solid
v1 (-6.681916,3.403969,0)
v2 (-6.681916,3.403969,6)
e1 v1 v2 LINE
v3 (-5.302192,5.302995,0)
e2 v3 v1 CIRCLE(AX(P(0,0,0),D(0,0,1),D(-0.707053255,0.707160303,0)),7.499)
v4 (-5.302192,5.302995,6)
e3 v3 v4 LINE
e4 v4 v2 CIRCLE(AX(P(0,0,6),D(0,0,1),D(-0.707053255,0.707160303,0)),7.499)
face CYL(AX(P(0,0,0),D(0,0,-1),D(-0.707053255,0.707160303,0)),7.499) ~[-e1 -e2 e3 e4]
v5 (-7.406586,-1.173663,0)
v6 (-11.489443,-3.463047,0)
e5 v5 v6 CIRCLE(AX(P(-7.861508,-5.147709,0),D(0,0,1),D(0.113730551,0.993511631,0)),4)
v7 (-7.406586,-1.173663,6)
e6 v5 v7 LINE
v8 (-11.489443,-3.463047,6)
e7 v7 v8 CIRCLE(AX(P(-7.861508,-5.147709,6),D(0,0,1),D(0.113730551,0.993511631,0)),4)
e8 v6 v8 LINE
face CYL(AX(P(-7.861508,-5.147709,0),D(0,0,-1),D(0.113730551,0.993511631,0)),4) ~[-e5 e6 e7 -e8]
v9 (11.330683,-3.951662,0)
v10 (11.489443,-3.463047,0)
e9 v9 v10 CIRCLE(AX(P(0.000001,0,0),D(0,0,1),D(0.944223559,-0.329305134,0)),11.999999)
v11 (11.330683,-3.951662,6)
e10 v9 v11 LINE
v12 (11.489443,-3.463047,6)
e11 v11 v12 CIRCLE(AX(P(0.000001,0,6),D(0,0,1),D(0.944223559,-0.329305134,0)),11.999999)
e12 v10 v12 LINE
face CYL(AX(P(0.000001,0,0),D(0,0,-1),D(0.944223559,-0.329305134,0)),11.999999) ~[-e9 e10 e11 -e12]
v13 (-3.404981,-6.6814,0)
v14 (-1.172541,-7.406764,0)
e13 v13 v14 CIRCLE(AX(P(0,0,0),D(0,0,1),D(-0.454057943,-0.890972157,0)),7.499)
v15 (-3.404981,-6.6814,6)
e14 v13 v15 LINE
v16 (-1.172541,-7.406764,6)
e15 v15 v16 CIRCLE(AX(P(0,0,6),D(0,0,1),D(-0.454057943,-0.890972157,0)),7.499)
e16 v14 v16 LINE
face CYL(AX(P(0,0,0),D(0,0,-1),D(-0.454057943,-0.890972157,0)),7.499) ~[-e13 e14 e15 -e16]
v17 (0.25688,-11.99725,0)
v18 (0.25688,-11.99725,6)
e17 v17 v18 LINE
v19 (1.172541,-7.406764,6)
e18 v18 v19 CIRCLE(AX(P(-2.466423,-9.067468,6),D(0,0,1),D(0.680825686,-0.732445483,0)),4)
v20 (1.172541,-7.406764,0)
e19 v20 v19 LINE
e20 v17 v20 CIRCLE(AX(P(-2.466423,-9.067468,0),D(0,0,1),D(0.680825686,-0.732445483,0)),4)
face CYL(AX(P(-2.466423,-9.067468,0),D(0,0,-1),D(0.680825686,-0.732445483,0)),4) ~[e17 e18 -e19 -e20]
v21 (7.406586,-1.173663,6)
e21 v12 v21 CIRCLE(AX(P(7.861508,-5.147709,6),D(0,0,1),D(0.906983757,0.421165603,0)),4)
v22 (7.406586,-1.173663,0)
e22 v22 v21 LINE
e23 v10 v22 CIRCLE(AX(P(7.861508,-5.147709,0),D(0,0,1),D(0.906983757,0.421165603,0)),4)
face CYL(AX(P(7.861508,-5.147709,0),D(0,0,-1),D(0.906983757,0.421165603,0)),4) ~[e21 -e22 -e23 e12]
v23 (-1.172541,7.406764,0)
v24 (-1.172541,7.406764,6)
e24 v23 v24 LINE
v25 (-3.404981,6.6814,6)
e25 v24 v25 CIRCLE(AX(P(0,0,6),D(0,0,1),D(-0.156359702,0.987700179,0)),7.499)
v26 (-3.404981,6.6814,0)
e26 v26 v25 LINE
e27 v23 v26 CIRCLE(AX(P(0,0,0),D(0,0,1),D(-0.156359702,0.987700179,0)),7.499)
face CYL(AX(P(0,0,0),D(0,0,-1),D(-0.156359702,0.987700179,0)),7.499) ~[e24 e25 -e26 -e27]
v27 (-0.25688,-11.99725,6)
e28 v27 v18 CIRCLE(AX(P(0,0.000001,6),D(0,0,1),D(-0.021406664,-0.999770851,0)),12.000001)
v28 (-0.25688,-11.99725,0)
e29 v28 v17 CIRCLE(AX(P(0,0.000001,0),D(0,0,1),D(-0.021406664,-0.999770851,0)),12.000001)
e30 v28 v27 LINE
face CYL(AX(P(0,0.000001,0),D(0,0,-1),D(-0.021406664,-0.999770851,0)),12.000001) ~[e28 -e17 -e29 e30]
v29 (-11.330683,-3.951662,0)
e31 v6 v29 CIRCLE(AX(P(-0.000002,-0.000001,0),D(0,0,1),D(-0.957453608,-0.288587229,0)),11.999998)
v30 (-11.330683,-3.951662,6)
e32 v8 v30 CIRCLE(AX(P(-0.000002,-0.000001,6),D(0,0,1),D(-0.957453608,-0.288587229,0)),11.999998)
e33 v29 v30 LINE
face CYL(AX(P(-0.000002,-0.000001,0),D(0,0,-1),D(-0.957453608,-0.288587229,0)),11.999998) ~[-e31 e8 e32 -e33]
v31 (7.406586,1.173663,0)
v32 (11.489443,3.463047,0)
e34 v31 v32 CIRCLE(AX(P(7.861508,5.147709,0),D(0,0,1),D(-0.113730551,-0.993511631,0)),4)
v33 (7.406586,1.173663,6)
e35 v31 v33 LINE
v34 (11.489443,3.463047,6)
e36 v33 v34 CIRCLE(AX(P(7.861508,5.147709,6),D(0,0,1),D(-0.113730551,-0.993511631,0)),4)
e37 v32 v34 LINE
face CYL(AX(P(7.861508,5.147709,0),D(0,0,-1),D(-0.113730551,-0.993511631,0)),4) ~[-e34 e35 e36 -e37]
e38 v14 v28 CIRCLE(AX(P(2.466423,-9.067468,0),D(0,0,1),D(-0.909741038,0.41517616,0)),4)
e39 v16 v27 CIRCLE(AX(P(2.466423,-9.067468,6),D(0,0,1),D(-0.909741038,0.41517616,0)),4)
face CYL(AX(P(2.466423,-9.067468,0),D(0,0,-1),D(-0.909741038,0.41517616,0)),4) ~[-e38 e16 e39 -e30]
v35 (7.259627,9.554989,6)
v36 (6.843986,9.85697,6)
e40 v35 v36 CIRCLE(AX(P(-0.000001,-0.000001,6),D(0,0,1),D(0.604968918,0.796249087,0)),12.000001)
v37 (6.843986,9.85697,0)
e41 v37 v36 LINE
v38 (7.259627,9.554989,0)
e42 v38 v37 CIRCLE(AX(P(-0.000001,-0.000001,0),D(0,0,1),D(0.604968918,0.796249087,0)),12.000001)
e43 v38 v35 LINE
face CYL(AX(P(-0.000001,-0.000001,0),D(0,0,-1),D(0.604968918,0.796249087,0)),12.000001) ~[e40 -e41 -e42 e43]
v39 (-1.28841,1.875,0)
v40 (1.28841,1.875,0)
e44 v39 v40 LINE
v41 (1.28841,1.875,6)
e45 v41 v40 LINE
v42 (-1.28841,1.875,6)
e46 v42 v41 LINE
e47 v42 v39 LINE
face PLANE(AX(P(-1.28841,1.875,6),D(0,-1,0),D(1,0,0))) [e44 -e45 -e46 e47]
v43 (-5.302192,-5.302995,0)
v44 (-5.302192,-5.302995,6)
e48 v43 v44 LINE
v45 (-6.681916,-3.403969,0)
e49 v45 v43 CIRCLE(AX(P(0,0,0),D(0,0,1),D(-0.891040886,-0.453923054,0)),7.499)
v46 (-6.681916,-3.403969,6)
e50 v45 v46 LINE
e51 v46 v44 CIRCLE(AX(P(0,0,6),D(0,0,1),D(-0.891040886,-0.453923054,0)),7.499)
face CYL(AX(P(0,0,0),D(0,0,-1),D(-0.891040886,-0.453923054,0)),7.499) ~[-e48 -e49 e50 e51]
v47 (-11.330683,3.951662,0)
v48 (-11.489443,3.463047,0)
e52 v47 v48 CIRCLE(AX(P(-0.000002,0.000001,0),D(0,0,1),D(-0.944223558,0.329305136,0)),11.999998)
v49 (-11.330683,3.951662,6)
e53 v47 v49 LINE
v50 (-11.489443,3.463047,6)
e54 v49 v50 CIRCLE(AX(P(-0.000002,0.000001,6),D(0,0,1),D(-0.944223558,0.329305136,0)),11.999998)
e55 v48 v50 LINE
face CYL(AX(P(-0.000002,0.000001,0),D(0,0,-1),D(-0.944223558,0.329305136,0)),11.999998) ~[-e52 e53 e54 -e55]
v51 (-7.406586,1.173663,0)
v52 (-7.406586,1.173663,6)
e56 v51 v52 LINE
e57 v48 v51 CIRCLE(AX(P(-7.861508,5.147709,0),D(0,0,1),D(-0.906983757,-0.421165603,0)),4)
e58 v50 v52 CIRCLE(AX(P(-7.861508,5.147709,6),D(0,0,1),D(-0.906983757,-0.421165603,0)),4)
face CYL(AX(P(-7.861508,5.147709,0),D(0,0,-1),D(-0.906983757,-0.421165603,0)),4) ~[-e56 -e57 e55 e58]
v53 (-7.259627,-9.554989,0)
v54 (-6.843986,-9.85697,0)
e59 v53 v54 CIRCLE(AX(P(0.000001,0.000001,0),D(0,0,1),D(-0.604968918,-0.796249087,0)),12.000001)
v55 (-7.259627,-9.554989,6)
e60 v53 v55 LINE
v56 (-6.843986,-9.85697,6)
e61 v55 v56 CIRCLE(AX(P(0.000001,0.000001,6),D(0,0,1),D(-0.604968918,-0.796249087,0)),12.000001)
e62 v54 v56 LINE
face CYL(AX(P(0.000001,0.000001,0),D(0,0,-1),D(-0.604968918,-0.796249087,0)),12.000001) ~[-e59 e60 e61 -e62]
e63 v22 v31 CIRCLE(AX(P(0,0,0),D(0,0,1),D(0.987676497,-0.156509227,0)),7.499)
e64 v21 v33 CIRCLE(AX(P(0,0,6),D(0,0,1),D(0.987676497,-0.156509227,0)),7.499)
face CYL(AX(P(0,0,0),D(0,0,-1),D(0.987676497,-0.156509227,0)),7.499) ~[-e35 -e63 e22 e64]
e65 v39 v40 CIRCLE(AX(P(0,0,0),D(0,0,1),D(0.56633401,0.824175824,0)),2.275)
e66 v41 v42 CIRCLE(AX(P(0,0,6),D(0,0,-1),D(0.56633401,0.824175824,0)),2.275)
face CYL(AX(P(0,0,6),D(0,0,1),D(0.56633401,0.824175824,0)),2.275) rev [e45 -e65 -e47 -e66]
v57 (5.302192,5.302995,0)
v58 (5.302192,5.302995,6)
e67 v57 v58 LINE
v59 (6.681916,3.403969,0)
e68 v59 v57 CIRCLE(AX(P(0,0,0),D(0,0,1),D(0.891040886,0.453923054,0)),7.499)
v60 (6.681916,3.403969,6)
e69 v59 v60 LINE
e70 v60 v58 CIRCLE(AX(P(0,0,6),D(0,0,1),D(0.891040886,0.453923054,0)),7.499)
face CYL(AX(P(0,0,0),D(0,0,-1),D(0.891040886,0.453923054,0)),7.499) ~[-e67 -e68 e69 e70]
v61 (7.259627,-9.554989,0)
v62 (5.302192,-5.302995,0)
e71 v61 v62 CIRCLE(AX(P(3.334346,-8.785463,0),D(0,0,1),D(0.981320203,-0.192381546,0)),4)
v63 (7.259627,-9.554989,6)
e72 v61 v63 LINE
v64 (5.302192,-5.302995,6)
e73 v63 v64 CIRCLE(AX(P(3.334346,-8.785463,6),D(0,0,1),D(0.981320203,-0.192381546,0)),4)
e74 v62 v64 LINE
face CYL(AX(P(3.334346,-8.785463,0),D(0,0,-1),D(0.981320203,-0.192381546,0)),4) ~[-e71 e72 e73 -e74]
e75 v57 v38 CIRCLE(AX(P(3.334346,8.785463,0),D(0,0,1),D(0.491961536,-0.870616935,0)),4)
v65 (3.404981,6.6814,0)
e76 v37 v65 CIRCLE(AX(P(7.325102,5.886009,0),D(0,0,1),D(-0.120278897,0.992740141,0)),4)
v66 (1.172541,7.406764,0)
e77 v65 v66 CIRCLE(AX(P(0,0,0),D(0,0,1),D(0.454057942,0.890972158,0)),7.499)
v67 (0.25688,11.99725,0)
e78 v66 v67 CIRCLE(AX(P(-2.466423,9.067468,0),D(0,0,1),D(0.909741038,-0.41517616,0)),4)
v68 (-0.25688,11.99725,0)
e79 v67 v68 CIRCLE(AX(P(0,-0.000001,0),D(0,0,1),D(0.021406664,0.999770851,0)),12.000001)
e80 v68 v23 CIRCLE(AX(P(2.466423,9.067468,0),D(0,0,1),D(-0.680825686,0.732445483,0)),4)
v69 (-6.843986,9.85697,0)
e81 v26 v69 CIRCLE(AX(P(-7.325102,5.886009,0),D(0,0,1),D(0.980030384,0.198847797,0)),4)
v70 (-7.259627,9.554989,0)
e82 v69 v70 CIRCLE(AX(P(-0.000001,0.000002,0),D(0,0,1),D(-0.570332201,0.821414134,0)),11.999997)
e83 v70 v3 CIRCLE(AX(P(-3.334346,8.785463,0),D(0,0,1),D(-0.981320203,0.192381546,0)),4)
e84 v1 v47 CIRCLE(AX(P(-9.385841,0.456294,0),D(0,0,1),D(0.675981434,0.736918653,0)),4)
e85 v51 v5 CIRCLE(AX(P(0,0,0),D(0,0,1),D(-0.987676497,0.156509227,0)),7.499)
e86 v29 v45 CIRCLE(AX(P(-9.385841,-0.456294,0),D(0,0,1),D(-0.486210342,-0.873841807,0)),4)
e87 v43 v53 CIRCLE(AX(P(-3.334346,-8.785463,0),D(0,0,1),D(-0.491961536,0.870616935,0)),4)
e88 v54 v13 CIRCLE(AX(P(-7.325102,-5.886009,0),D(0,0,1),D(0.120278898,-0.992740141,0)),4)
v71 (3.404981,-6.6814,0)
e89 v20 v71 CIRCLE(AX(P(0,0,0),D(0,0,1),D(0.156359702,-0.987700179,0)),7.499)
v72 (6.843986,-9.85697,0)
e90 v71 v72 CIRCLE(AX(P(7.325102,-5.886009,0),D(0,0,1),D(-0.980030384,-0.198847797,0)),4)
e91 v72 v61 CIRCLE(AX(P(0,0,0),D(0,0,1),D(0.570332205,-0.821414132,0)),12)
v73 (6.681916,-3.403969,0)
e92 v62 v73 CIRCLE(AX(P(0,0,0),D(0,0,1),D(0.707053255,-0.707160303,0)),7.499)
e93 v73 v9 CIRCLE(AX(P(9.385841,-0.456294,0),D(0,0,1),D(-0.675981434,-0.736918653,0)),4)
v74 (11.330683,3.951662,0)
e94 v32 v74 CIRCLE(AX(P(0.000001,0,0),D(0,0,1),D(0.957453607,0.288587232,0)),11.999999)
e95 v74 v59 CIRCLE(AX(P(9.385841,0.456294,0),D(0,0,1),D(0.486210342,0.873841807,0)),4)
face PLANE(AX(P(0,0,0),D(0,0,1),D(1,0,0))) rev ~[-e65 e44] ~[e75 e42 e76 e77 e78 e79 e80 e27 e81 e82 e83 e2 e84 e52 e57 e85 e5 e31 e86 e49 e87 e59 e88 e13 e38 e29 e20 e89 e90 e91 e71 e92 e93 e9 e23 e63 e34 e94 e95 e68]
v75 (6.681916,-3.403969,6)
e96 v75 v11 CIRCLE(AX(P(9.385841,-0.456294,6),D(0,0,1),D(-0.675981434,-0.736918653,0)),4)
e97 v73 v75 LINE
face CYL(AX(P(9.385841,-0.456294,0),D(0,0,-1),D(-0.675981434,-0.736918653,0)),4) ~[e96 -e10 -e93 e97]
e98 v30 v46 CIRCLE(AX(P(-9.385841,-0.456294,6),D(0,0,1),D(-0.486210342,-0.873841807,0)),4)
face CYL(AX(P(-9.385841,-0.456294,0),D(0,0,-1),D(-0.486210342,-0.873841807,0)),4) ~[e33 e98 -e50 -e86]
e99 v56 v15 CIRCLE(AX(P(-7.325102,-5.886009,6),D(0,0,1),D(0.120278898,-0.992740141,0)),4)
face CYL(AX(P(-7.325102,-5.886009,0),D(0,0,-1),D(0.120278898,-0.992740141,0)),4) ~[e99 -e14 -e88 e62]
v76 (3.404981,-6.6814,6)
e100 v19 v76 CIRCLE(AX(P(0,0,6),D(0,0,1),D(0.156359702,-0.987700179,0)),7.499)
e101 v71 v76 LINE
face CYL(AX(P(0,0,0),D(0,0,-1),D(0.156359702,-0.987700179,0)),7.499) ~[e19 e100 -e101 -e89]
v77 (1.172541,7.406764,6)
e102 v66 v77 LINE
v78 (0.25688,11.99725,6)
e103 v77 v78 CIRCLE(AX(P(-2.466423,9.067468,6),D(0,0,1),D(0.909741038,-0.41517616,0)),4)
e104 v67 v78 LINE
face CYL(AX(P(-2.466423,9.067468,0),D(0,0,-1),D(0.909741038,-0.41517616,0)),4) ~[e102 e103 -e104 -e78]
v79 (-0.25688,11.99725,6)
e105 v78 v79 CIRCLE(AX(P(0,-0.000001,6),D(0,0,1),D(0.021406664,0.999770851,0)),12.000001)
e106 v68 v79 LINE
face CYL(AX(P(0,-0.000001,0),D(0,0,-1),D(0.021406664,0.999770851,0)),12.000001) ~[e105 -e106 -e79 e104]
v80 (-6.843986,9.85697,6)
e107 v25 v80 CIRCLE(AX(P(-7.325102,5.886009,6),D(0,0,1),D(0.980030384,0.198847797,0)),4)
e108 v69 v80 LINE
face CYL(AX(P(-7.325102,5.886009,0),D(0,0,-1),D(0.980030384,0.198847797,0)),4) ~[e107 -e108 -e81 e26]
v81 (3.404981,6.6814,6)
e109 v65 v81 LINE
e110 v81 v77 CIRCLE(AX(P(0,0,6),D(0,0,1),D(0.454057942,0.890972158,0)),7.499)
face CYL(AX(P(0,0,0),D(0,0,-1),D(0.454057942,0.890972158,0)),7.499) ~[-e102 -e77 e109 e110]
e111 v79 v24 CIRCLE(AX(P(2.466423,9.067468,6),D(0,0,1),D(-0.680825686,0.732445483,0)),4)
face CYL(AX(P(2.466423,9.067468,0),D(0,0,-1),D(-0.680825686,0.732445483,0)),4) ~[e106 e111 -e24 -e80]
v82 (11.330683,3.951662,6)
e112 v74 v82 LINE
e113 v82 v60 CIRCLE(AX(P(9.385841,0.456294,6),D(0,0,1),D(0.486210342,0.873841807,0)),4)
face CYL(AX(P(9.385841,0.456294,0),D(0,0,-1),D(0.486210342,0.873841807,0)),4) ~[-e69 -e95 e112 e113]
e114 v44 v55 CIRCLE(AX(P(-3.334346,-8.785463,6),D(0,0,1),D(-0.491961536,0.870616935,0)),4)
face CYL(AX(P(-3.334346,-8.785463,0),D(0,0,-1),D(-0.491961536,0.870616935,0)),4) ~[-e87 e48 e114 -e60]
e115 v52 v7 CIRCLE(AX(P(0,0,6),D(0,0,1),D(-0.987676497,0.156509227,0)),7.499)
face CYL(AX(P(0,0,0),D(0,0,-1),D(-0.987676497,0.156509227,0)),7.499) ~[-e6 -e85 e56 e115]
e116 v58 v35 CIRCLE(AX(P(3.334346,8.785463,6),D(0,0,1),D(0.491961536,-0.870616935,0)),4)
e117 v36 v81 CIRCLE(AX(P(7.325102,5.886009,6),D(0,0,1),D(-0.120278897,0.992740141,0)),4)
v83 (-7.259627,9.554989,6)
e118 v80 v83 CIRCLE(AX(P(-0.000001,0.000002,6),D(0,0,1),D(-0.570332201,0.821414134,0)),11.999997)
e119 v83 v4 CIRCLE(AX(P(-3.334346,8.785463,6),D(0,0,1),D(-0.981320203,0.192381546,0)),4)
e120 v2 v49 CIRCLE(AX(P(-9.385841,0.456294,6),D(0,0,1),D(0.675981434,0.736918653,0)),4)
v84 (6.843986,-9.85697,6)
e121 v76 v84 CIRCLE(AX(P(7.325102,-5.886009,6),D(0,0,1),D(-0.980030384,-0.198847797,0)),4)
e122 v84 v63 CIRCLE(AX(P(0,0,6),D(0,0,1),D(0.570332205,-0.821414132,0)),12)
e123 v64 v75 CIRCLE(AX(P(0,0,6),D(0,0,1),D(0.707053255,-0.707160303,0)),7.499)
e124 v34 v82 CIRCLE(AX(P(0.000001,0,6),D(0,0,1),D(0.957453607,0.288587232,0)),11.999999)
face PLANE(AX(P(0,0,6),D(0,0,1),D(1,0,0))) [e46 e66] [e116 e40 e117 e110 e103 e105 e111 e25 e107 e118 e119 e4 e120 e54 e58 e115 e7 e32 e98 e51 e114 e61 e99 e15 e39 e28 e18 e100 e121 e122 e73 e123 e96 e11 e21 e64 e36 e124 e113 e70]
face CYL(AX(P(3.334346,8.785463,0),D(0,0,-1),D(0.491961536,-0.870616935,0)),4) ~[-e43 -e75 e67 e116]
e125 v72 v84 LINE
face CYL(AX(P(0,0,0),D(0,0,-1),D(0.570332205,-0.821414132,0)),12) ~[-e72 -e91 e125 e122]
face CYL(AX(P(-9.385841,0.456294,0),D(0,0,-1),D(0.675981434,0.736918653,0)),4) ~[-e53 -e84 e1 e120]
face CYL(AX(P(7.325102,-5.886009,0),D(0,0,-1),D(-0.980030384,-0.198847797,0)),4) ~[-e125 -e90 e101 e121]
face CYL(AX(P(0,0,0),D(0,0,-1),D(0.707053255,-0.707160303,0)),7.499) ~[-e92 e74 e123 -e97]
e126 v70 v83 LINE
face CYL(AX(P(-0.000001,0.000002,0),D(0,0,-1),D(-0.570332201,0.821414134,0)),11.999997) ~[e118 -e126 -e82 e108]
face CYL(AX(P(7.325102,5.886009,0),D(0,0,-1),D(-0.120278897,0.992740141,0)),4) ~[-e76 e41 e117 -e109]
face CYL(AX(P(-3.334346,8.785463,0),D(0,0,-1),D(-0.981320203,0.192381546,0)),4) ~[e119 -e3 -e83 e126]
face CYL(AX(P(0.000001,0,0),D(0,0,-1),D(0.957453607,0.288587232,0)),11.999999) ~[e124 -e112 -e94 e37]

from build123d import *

# Parameters (mm, degrees)
SKETCH4_R           = 2
BOSS_EXTRUDE3_DEPTH = 6
SKETCH6_R           = 3.276903459
BOSS_EXTRUDE4_DEPTH = 6
CUT_EXTRUDE1_DEPTH  = 10


with BuildPart() as part:
    # Sketch4 → Boss-Extrude3 (new body)
    with BuildSketch(Plane.XY):
        with BuildLine():
            ThreePointArc((11.330682707, 3.9516616), (8.917819898, 4.428819506), (6.681915604, 3.403968986))
            ThreePointArc((6.681915604, 3.403968986), (6.066818441, 4.407801607), (5.302192362, 5.302995112))
            ThreePointArc((5.302192362, 5.302995112), (6.967815552, 7.112770233), (7.259627029, 9.554989032))
            ThreePointArc((7.259627029, 9.554989032), (7.053423028, 9.708203932), (6.843986457, 9.856969584))
            ThreePointArc((6.843986457, 9.856969584), (4.61147306, 8.824753264), (3.40498051, 6.681400208))
            ThreePointArc((3.40498051, 6.681400208), (2.317318441, 7.131972816), (1.172541409, 7.406763642))
            ThreePointArc((1.172541409, 7.406763642), (1.456299749, 9.849931218), (0.256880001, 11.997250213))
            ThreePointArc((0.256880001, 11.997250213), (0, 12), (-0.256880001, 11.997250213))
            ThreePointArc((-0.256880001, 11.997250213), (-1.456299749, 9.849931218), (-1.172541409, 7.406763642))
            ThreePointArc((-1.172541409, 7.406763642), (-2.317318441, 7.131972816), (-3.404980509, 6.681400207))
            ThreePointArc((-3.404980509, 6.681400207), (-4.61147306, 8.824753264), (-6.843986457, 9.856969584))
            ThreePointArc((-6.843986457, 9.856969584), (-7.053423028, 9.708203933), (-7.259627029, 9.554989032))
            ThreePointArc((-7.259627029, 9.554989032), (-6.967815552, 7.112770233), (-5.302192362, 5.302995112))
            ThreePointArc((-5.302192362, 5.302995112), (-6.066818441, 4.407801607), (-6.681915604, 3.403968986))
            ThreePointArc((-6.681915604, 3.403968986), (-8.917819898, 4.428819506), (-11.330682707, 3.9516616))
            ThreePointArc((-11.330682707, 3.9516616), (-11.412678196, 3.708203933), (-11.489443278, 3.463046803))
            ThreePointArc((-11.489443278, 3.463046803), (-9.817862641, 1.658772773), (-7.406586048, 1.173662691))
            ThreePointArc((-7.406586048, 1.173662691), (-7.499, 0), (-7.406586048, -1.173662691))
            ThreePointArc((-7.406586048, -1.173662691), (-9.817862641, -1.658772773), (-11.489443278, -3.463046803))
            ThreePointArc((-11.489443278, -3.463046803), (-11.412678196, -3.708203933), (-11.330682707, -3.9516616))
            ThreePointArc((-11.330682707, -3.9516616), (-8.917819898, -4.428819506), (-6.681915604, -3.403968986))
            ThreePointArc((-6.681915604, -3.403968986), (-6.066818441, -4.407801607), (-5.302192362, -5.302995112))
            ThreePointArc((-5.302192362, -5.302995112), (-6.967815552, -7.112770233), (-7.259627029, -9.554989032))
            ThreePointArc((-7.259627029, -9.554989032), (-7.053423028, -9.708203932), (-6.843986457, -9.856969584))
            ThreePointArc((-6.843986457, -9.856969584), (-4.61147306, -8.824753264), (-3.404980509, -6.681400207))
            ThreePointArc((-3.404980509, -6.681400207), (-2.317318441, -7.131972816), (-1.172541409, -7.406763642))
            ThreePointArc((-1.172541409, -7.406763642), (-1.456299749, -9.849931218), (-0.256880001, -11.997250213))
            ThreePointArc((-0.256880001, -11.997250213), (0, -12), (0.256880001, -11.997250213))
            ThreePointArc((0.256880001, -11.997250213), (1.456299749, -9.849931218), (1.172541409, -7.406763642))
            ThreePointArc((1.172541409, -7.406763642), (2.317318441, -7.131972816), (3.404980509, -6.681400207))
            ThreePointArc((3.404980509, -6.681400207), (4.61147306, -8.824753264), (6.843986457, -9.856969584))
            ThreePointArc((6.843986457, -9.856969584), (7.053423027, -9.708203933), (7.259627029, -9.554989032))
            ThreePointArc((7.259627029, -9.554989032), (6.967815552, -7.112770233), (5.302192362, -5.302995112))
            ThreePointArc((5.302192362, -5.302995112), (6.066818441, -4.407801607), (6.681915604, -3.403968986))
            ThreePointArc((6.681915604, -3.403968986), (8.917819898, -4.428819506), (11.330682707, -3.9516616))
            ThreePointArc((11.330682707, -3.9516616), (11.412678196, -3.708203932), (11.489443278, -3.463046803))
            ThreePointArc((11.489443278, -3.463046803), (9.817862641, -1.658772773), (7.406586048, -1.173662691))
            ThreePointArc((7.406586048, -1.173662691), (7.499, 0), (7.406586048, 1.173662691))
            ThreePointArc((7.406586048, 1.173662691), (9.817862641, 1.658772773), (11.489443278, 3.463046803))
            ThreePointArc((11.489443278, 3.463046803), (11.412678196, 3.708203932), (11.330682707, 3.9516616))
        make_face()
        Circle(SKETCH4_R, mode=Mode.SUBTRACT)
    extrude(amount=BOSS_EXTRUDE3_DEPTH)

    # Sketch6 → Boss-Extrude4 (add)
    with BuildSketch(Plane.XY.offset(6)):
        Circle(SKETCH6_R)
    extrude(amount=-BOSS_EXTRUDE4_DEPTH)

    # Sketch7 → Cut-Extrude1 (cut)
    with BuildSketch(Plane.XY.offset(6)):
        with BuildLine():
            Line((-1.288409873, 1.875), (1.288409873, 1.875))
            ThreePointArc((1.288409873, 1.875), (0, -2.275), (-1.288409873, 1.875))
        make_face()
    extrude(amount=-CUT_EXTRUDE1_DEPTH, mode=Mode.SUBTRACT)


solid = part.part
